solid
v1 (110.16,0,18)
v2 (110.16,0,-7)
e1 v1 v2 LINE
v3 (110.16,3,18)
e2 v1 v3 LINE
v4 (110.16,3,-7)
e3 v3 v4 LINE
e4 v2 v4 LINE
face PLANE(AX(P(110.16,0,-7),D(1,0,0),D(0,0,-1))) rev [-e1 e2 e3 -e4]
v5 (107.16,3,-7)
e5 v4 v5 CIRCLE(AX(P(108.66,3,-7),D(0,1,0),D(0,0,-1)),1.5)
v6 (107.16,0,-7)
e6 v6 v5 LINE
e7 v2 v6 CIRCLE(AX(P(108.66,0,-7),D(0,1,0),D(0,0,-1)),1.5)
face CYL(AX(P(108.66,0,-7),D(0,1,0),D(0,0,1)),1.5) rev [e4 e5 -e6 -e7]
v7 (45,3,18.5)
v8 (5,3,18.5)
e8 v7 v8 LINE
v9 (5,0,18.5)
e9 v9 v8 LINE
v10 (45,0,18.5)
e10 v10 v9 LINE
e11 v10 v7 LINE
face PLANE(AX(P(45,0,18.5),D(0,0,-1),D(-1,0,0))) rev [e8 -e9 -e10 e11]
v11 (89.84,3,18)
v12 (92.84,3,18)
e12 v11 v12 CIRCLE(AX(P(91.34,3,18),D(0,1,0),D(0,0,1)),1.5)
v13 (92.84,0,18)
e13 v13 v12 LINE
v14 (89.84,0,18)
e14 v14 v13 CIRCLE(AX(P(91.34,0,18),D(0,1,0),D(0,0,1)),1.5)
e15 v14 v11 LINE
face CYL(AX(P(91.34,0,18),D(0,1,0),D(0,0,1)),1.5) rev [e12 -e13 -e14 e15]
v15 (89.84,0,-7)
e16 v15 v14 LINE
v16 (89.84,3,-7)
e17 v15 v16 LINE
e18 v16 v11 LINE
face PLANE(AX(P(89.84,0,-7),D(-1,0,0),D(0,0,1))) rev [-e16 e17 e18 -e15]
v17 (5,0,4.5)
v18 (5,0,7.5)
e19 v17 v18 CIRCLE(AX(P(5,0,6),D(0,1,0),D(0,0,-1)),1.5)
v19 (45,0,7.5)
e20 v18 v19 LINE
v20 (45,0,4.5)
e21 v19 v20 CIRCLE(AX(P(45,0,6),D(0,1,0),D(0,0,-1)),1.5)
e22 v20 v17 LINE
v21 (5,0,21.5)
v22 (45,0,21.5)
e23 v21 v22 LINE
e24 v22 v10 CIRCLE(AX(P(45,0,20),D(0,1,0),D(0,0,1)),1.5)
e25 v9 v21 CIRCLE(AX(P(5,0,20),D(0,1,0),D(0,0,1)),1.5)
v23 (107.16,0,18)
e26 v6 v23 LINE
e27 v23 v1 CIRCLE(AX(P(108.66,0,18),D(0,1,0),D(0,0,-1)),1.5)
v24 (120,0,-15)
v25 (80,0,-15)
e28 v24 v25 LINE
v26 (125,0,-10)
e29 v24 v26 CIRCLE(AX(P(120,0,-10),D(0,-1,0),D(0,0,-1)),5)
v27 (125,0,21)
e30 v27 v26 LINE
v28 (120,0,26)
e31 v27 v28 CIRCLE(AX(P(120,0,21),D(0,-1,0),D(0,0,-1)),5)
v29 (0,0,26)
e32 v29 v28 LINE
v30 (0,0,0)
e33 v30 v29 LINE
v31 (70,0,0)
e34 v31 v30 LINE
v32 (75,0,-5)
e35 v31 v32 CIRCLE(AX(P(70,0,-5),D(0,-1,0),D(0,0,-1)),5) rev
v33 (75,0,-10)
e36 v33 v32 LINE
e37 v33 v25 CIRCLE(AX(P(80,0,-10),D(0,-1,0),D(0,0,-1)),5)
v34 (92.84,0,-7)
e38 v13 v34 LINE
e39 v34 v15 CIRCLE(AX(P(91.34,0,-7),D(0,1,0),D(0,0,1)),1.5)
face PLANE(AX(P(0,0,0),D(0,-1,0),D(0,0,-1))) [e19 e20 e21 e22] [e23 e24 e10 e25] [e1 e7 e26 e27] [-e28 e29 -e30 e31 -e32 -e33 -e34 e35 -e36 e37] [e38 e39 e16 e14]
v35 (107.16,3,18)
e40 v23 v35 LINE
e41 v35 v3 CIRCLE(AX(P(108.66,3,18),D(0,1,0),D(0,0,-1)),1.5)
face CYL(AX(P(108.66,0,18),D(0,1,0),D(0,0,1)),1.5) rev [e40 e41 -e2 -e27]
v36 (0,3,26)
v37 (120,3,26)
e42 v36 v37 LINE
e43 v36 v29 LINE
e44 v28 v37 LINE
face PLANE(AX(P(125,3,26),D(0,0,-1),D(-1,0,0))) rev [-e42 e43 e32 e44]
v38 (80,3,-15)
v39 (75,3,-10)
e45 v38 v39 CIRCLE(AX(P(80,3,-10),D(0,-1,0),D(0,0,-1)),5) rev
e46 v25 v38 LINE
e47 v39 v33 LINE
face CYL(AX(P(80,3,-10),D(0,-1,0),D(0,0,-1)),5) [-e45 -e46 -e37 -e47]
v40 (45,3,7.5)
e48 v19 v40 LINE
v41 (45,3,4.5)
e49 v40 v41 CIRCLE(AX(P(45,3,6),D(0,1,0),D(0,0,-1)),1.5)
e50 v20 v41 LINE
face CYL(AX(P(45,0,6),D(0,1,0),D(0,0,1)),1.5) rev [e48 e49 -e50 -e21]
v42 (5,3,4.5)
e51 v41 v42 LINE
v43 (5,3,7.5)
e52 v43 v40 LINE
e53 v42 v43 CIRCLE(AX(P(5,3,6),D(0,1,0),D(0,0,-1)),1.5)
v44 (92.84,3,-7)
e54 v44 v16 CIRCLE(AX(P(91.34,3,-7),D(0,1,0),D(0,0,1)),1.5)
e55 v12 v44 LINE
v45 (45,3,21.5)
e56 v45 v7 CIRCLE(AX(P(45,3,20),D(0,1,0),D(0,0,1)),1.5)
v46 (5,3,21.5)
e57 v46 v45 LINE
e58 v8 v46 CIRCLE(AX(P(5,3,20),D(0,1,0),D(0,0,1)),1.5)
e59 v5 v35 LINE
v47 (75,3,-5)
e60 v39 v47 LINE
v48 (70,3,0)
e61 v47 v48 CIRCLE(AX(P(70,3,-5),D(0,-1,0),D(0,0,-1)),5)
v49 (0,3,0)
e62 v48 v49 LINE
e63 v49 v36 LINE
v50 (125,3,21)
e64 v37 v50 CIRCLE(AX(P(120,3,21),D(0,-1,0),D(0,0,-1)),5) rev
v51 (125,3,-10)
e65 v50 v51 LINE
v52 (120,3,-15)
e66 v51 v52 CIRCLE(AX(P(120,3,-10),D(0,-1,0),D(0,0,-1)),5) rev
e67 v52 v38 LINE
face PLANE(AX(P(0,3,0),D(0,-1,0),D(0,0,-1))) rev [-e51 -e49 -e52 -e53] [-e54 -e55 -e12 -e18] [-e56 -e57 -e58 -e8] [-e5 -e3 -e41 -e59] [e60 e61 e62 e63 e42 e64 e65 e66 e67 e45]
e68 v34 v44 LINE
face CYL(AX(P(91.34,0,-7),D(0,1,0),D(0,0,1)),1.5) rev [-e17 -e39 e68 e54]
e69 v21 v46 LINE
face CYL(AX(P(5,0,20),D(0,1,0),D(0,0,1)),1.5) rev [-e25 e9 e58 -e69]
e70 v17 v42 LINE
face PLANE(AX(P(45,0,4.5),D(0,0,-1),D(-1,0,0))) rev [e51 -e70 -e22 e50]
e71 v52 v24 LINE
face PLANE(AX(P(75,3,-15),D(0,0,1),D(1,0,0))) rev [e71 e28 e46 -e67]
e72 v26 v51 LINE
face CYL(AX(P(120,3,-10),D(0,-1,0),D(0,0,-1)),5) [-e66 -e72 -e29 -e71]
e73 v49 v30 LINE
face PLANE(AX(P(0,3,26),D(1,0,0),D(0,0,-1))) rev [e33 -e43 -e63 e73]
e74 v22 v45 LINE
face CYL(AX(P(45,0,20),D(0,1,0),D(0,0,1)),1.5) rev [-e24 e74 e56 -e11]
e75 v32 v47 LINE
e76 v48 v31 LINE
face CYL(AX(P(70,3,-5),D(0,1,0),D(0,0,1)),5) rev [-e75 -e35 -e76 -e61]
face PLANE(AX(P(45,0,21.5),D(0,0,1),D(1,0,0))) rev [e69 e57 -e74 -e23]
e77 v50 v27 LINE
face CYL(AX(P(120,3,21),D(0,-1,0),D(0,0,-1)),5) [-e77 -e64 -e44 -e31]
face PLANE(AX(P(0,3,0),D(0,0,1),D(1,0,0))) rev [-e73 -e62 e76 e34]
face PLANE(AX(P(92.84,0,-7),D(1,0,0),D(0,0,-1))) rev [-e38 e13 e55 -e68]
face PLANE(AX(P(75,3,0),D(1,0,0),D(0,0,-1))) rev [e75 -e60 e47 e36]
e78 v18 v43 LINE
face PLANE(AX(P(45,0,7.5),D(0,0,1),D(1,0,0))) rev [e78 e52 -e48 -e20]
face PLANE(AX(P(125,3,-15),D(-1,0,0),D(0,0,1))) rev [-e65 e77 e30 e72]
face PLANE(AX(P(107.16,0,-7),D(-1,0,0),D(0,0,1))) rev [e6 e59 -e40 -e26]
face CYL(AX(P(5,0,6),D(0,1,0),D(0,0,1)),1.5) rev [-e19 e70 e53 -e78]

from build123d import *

# Parameters (mm, degrees)
BOSS_EXTRUDE1_DEPTH = 3
CUT_EXTRUDE1_DEPTH  = 3
FILLET1_R           = 5
CUT_EXTRUDE2_DEPTH  = 128.710610366


with BuildPart() as part:
    # Sketch1 → Boss-Extrude1 (new body)
    with BuildSketch(Plane(origin=(0, 0, 0), x_dir=(1, 0, 0), z_dir=(0, 1, 0))):
        Polygon((0, 0), (75, 0), (75, 15), (125, 15), (125, -26), (0, -26), align=None)
    extrude(amount=BOSS_EXTRUDE1_DEPTH)

    # Sketch2 → Cut-Extrude1 (cut)
    with BuildSketch(Plane(origin=(0, 3, 0), x_dir=(1, 0, 0), z_dir=(0, 1, 0))):
        with BuildLine():
            Line((92.84, 7), (92.84, -18))
            ThreePointArc((92.84, -18), (91.34, -19.5), (89.84, -18))
            Line((89.84, -18), (89.84, 7))
            ThreePointArc((89.84, 7), (91.34, 8.5), (92.84, 7))
        make_face()
        with BuildLine():
            Line((107.16, 7), (107.16, -18))
            ThreePointArc((107.16, -18), (108.66, -19.5), (110.16, -18))
            Line((110.16, -18), (110.16, 7))
            ThreePointArc((110.16, 7), (108.66, 8.5), (107.16, 7))
        make_face()
    extrude(amount=-CUT_EXTRUDE1_DEPTH, mode=Mode.SUBTRACT)

    # Fillet1
    fillet1_edges = [part.edges().sort_by_distance(p)[0] for p in [
        (75, 1.5, 0),
        (75, 1.5, -15),
        (125, 1.5, -15),
        (125, 1.5, 26),
    ]]
    fillet(fillet1_edges, radius=FILLET1_R)

    # Sketch4 → Cut-Extrude2 (cut, through all)
    with BuildSketch(Plane(origin=(0, 3, 0), x_dir=(1, 0, 0), z_dir=(0, 1, 0))):
        with BuildLine():
            Line((45, -21.5), (5, -21.5))
            ThreePointArc((5, -21.5), (3.5, -20), (5, -18.5))
            Line((5, -18.5), (45, -18.5))
            ThreePointArc((45, -18.5), (46.5, -20), (45, -21.5))
        make_face()
        with BuildLine():
            Line((45, -4.5), (5, -4.5))
            ThreePointArc((5, -4.5), (3.5, -6), (5, -7.5))
            Line((5, -7.5), (45, -7.5))
            ThreePointArc((45, -7.5), (46.5, -6), (45, -4.5))
        make_face()
    extrude(amount=-CUT_EXTRUDE2_DEPTH, mode=Mode.SUBTRACT)


solid = part.part
